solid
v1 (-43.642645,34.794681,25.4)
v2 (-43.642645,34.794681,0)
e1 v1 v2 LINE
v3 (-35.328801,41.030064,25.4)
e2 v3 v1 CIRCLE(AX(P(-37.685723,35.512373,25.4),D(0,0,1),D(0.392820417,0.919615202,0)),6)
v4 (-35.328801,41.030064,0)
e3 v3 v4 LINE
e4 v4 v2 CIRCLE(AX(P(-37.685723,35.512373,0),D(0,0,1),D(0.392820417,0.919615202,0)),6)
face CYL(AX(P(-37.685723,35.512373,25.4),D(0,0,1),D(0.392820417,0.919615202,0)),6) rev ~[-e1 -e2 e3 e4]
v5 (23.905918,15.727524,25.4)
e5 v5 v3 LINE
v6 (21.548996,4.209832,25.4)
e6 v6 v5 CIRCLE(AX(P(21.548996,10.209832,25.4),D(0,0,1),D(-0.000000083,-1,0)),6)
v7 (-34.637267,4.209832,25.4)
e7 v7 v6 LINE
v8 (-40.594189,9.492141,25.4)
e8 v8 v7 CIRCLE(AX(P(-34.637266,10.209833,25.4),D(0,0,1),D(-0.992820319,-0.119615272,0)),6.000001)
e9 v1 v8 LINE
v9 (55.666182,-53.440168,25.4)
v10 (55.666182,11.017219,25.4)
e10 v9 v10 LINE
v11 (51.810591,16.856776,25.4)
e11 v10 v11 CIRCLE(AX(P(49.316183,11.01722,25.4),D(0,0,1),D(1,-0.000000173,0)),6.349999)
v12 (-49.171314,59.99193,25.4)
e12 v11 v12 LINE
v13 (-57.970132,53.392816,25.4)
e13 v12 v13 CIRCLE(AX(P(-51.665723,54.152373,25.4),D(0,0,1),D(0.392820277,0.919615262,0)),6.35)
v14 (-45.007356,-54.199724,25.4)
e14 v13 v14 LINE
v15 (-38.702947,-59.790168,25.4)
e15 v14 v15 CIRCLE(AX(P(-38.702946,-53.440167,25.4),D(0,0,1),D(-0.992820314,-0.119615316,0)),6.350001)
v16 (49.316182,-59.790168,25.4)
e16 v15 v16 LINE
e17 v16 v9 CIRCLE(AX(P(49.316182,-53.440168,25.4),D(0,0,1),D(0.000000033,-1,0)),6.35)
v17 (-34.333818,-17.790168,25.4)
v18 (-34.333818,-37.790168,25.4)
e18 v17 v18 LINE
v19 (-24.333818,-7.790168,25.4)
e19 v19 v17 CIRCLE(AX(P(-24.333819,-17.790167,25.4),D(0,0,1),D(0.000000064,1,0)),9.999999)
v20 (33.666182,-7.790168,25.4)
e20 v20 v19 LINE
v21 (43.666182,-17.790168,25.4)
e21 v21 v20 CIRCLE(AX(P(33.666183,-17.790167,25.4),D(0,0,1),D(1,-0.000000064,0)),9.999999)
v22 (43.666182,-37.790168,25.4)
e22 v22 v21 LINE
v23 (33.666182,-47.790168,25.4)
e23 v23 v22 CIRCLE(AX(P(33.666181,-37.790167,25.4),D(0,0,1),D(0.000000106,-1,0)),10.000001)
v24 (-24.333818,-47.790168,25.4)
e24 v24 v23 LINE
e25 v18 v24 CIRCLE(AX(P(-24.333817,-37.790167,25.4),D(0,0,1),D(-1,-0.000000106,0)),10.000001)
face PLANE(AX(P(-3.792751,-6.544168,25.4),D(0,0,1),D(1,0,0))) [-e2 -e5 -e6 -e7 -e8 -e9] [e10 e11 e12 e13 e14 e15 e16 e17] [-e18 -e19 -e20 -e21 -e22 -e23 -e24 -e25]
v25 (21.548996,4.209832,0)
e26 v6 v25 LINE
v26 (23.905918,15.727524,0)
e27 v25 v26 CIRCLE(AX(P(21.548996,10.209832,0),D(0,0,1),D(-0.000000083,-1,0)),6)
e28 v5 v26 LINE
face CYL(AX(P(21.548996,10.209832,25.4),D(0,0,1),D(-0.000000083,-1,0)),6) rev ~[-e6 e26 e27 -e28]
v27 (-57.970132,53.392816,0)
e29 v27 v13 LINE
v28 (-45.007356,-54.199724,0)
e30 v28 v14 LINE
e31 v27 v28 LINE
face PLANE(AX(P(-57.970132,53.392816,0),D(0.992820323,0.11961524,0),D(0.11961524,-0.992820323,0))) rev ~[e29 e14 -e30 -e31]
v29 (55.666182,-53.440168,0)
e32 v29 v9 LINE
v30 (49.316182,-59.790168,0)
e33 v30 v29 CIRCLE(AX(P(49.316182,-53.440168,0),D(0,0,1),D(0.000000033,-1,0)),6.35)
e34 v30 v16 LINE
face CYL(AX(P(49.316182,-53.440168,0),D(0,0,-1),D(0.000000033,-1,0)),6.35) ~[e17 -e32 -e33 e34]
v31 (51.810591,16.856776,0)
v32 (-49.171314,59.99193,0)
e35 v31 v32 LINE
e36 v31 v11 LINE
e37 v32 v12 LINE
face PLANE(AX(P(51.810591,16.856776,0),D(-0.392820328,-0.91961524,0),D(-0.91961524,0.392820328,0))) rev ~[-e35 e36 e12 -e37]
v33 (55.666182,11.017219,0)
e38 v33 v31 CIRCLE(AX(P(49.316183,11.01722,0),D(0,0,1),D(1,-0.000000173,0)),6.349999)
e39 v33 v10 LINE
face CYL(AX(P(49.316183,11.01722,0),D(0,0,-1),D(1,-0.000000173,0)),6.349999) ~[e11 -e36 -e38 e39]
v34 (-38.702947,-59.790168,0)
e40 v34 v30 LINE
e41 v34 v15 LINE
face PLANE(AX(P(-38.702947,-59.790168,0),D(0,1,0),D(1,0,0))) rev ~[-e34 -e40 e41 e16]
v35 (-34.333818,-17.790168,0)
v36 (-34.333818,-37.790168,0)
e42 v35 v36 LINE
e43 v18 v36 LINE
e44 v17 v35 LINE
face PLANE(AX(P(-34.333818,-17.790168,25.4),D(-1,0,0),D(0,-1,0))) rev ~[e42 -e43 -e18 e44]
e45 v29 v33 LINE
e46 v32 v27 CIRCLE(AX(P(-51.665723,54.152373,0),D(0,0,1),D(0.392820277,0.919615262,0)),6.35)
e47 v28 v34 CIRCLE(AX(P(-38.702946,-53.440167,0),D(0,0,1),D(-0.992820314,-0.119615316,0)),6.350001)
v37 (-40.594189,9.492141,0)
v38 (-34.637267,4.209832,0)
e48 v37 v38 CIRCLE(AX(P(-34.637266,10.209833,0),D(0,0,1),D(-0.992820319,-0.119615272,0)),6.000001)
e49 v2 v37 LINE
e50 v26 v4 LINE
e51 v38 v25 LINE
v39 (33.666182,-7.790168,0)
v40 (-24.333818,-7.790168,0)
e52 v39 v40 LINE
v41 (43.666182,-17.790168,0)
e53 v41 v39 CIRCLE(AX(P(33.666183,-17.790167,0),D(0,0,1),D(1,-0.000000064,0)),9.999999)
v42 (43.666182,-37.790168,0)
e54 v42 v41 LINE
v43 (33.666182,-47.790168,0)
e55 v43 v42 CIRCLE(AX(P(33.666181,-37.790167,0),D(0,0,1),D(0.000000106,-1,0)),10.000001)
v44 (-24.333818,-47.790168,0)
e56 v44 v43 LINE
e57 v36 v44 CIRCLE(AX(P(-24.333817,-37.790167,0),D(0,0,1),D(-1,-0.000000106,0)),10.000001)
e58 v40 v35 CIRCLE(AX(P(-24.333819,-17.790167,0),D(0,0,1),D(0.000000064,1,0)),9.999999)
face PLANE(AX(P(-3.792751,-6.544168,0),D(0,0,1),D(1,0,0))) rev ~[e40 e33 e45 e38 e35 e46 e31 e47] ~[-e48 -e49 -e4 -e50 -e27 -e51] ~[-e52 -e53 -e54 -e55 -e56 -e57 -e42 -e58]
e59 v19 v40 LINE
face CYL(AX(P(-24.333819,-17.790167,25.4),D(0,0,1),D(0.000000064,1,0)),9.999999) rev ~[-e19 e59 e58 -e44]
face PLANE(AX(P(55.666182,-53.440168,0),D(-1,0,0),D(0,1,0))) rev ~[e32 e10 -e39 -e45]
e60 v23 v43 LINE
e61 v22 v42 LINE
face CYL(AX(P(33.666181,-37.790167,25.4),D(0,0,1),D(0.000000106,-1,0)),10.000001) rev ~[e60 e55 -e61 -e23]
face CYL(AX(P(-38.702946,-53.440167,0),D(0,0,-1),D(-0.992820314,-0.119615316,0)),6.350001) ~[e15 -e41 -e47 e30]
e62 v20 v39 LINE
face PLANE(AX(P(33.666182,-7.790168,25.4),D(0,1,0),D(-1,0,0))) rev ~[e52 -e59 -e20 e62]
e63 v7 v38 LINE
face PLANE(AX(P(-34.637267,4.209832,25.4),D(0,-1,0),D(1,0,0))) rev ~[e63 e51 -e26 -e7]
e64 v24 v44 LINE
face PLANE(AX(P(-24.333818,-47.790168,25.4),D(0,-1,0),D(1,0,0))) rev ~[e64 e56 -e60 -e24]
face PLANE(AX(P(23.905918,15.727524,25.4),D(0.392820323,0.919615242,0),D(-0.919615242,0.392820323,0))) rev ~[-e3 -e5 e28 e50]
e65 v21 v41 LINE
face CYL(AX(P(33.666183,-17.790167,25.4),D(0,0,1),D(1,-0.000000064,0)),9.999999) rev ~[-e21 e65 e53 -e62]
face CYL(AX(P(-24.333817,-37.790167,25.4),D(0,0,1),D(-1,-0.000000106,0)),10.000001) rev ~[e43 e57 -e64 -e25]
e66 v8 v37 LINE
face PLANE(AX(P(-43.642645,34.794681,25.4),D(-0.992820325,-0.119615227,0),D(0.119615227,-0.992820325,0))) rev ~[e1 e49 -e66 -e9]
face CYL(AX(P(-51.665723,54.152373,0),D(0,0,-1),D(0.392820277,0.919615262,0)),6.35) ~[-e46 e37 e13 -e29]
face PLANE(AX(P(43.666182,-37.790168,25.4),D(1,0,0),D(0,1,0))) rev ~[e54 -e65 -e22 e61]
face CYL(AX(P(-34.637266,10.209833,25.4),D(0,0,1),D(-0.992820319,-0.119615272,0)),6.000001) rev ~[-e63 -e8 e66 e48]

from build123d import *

# Parameters (mm, degrees)
F1_DEPTH = 25.4
F3_DEPTH = 25.4
F5_DEPTH = 25.4


with BuildPart() as f1:
    # F0 (on Top) → F1 (new body)
    with BuildSketch(Plane.XY):
        with BuildLine():
            ThreePointArc((-49.171314, 59.99193), (-55.475723, 59.232373), (-57.970132, 53.392816))
            Line((-57.970132, 53.392816), (-45.007356, -54.199724))
            ThreePointArc((-45.007356, -54.199724), (-42.915981, -58.191256), (-38.702947, -59.790168))
            Line((-38.702947, -59.790168), (49.316182, -59.790168))
            ThreePointArc((49.316182, -59.790168), (53.80631, -57.930296), (55.666182, -53.440168))
            Line((55.666182, -53.440168), (55.666182, 11.017219))
            ThreePointArc((55.666182, 11.017219), (54.615333, 14.516005), (51.810591, 16.856776))
            Line((51.810591, 16.856776), (-49.171314, 59.99193))
        make_face()
    extrude(amount=F1_DEPTH)

    # F2 (on face) → F3 (cut, through all)
    with BuildSketch(Plane.XY.offset(25.4)):
        with BuildLine():
            Line((33.666182, -7.790168), (-24.333818, -7.790168))
            ThreePointArc((-24.333818, -7.790168), (-31.404886, -10.7191), (-34.333818, -17.790168))
            Line((-34.333818, -17.790168), (-34.333818, -37.790168))
            ThreePointArc((-34.333818, -37.790168), (-31.404886, -44.861235), (-24.333818, -47.790168))
            Line((-24.333818, -47.790168), (33.666182, -47.790168))
            ThreePointArc((33.666182, -47.790168), (40.73725, -44.861235), (43.666182, -37.790168))
            Line((43.666182, -37.790168), (43.666182, -17.790168))
            ThreePointArc((43.666182, -17.790168), (40.73725, -10.7191), (33.666182, -7.790168))
        make_face()
    extrude(amount=-F3_DEPTH, mode=Mode.SUBTRACT)

    # F4 (on face) → F5 (cut, through all)
    with BuildSketch(Plane.XY.offset(25.4)):
        with BuildLine():
            Line((-34.637267, 4.209832), (21.548996, 4.209832))
            ThreePointArc((21.548996, 4.209832), (27.427183, 9.00695), (23.905918, 15.727524))
            Line((23.905918, 15.727524), (-35.328801, 41.030064))
            ThreePointArc((-35.328801, 41.030064), (-41.285723, 40.312373), (-43.642645, 34.794681))
            Line((-43.642645, 34.794681), (-40.594189, 9.492141))
            ThreePointArc((-40.594189, 9.492141), (-38.618087, 5.720615), (-34.637267, 4.209832))
        make_face()
    extrude(amount=-F5_DEPTH, mode=Mode.SUBTRACT)


solid = f1.part
